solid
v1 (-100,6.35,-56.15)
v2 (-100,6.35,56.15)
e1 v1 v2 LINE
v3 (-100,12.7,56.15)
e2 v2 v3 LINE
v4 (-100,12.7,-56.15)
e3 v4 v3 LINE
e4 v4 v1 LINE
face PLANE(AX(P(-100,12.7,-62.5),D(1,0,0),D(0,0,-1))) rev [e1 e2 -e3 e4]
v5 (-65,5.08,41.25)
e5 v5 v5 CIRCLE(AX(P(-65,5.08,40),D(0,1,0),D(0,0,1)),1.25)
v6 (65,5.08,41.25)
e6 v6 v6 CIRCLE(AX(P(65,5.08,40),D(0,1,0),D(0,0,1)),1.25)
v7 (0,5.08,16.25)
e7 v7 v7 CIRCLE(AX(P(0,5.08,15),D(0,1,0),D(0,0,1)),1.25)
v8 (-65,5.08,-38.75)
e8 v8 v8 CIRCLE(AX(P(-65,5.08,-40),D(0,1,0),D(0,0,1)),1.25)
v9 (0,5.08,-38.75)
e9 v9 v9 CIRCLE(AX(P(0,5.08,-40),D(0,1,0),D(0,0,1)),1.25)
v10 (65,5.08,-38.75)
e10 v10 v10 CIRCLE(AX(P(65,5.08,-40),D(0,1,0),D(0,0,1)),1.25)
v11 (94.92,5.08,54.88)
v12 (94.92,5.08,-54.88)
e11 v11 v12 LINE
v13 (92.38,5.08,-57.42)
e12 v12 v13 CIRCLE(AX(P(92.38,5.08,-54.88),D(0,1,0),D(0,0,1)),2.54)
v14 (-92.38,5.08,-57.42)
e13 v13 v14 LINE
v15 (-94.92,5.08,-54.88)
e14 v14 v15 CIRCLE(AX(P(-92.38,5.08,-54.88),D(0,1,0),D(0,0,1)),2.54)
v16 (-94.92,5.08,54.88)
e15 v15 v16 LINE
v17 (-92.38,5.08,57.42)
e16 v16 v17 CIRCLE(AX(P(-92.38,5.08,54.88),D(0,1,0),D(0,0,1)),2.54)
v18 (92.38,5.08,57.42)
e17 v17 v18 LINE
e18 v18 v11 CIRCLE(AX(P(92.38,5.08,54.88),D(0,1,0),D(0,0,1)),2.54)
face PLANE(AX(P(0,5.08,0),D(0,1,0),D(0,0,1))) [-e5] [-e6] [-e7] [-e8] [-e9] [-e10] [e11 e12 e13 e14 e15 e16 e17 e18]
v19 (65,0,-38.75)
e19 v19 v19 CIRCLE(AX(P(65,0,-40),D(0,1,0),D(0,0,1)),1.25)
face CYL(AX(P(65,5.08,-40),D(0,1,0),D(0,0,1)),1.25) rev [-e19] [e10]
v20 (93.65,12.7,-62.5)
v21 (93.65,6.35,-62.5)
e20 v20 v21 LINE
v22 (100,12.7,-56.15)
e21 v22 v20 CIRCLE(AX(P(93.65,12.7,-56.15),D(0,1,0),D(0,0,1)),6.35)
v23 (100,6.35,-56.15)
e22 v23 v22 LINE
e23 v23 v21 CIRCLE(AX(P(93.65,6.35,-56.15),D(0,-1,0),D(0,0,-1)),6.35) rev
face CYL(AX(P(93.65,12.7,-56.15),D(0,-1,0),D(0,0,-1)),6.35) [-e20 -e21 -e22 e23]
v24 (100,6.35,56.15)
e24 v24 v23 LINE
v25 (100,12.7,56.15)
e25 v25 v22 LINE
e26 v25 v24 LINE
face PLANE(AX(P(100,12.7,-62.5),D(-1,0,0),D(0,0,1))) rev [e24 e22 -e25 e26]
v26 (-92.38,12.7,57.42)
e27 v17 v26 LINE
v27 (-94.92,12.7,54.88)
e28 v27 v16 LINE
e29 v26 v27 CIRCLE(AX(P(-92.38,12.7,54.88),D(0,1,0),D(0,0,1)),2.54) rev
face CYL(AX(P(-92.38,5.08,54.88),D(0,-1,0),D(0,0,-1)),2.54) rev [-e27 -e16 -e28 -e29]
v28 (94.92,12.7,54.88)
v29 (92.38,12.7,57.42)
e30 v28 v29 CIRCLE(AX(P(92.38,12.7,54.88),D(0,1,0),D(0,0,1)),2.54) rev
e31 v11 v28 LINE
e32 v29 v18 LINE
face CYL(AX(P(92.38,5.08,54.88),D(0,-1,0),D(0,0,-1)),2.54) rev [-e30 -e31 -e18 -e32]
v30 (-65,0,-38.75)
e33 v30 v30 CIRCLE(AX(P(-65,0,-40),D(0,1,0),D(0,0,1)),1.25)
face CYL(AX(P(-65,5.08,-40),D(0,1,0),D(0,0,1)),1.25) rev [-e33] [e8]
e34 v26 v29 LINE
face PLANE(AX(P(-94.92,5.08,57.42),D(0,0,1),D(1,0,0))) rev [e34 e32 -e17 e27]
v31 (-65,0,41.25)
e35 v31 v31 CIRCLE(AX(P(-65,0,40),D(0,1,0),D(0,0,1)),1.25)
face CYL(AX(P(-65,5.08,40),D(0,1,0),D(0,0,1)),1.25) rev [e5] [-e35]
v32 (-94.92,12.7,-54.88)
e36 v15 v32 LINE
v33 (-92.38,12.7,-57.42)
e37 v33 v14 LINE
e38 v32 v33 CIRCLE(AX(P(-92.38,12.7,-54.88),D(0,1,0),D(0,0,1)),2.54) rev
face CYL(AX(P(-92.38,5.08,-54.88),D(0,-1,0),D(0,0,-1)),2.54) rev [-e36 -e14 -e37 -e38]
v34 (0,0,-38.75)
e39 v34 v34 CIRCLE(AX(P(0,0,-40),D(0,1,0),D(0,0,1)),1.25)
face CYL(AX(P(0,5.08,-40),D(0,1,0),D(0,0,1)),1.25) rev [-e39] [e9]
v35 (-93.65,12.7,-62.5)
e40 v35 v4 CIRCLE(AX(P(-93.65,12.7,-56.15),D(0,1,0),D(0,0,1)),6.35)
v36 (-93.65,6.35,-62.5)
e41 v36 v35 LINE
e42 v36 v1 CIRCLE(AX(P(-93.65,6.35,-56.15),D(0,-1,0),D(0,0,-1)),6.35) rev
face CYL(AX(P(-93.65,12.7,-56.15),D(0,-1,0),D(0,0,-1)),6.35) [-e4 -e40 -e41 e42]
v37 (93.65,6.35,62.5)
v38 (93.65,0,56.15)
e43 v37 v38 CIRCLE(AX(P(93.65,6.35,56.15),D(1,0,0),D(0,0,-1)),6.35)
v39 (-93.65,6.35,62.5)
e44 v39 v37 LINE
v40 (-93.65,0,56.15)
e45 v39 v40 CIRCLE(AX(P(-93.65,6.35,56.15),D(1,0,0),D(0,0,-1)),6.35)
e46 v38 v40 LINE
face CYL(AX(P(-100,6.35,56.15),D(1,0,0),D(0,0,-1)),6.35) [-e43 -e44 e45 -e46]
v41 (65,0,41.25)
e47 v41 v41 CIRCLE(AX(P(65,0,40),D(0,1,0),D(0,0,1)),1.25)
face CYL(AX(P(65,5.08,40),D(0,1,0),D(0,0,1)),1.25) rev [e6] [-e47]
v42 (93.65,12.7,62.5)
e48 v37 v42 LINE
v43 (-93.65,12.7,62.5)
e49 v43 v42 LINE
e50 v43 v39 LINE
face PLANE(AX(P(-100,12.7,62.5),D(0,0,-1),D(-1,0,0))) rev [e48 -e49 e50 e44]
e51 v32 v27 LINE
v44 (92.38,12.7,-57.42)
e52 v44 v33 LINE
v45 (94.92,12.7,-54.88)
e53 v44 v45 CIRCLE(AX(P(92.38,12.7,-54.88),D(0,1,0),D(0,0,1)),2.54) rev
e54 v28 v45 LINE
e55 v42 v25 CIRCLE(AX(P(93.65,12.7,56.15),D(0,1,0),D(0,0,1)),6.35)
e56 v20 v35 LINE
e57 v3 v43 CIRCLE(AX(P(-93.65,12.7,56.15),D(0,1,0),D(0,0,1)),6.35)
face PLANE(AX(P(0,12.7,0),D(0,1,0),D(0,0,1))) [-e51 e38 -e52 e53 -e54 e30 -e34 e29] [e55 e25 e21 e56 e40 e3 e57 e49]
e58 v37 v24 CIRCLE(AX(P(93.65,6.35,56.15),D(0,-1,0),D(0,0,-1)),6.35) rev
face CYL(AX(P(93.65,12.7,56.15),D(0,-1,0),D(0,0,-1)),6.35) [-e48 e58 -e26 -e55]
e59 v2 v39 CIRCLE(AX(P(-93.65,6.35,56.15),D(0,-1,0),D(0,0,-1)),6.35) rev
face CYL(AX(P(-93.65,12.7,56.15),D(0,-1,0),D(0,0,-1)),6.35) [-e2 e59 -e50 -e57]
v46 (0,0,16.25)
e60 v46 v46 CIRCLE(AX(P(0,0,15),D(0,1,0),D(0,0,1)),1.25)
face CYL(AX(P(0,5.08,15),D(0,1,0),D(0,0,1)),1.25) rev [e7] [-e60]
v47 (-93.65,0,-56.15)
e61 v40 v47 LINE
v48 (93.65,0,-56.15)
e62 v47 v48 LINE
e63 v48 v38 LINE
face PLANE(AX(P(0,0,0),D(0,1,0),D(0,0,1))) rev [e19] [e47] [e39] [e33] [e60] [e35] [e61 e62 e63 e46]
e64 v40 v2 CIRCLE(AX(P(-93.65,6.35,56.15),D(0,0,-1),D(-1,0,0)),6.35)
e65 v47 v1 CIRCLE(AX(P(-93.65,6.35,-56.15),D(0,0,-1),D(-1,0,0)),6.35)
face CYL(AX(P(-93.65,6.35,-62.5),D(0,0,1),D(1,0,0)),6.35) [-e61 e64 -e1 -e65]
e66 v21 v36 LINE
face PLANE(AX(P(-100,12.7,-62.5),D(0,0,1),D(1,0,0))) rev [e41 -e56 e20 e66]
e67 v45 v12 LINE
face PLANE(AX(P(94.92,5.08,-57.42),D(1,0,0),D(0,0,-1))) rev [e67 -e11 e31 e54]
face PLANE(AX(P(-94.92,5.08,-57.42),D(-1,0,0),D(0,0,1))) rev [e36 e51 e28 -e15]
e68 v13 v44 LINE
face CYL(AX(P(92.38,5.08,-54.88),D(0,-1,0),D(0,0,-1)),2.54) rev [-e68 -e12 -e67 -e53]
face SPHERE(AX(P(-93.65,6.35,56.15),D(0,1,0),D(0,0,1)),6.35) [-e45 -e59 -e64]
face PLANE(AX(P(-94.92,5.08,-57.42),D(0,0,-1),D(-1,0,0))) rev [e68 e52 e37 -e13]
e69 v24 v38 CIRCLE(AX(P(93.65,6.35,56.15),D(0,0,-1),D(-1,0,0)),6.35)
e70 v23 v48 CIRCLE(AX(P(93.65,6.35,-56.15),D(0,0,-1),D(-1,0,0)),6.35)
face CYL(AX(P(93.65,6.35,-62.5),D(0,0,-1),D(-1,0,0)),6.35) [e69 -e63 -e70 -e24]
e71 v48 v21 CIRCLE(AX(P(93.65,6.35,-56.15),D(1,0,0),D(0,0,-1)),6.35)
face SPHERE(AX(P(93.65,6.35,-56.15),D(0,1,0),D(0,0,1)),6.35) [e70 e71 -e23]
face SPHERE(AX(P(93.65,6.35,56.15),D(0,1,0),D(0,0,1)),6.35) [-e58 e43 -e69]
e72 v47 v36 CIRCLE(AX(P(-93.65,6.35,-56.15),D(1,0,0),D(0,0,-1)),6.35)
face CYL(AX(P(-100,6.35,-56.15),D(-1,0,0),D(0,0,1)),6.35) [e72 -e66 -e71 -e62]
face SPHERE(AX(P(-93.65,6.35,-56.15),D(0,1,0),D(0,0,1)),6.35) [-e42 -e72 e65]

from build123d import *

# Parameters (mm, degrees)
SKETCH1_W             = 200
SKETCH1_H             = 125
BOSS_EXTRUDE1_DEPTH   = 12.7
SKETCH2_W             = 189.84
SKETCH2_H             = 114.84
CUT_EXTRUDE1_DEPTH    = 7.62
FILLET1_R             = 2.54
FILLET2_R             = 6.35
FILLET3_R             = 6.35
M3X0_5_TAPPED_HOLE1_D = 2.5


with BuildPart() as part:
    # Sketch1 → Boss-Extrude1 (new body)
    with BuildSketch(Plane(origin=(0, 0, 0), x_dir=(1, 0, 0), z_dir=(0, 1, 0))):
        Rectangle(SKETCH1_W, SKETCH1_H)
    extrude(amount=BOSS_EXTRUDE1_DEPTH)

    # Sketch2 → Cut-Extrude1 (cut)
    with BuildSketch(Plane(origin=(0, 12.7, 0), x_dir=(1, 0, 0), z_dir=(0, 1, 0))):
        Rectangle(SKETCH2_W, SKETCH2_H)
    extrude(amount=-CUT_EXTRUDE1_DEPTH, mode=Mode.SUBTRACT)

    # Fillet1
    fillet1_edges = [part.edges().sort_by_distance(p)[0] for p in [
        (94.92, 8.89, -57.42),
        (94.92, 8.89, 57.42),
        (-94.92, 8.89, 57.42),
        (-94.92, 8.89, -57.42),
    ]]
    fillet(fillet1_edges, radius=FILLET1_R)

    # Fillet2
    fillet2_edges = [part.edges().sort_by_distance(p)[0] for p in [
        (-100, 6.35, -62.5),
        (100, 6.35, -62.5),
        (100, 6.35, 62.5),
        (-100, 6.35, 62.5),
    ]]
    fillet(fillet2_edges, radius=FILLET2_R)

    # Fillet3
    fillet3_edges = [part.edges().sort_by_distance(p)[0] for p in [
        (0, 0, 62.5),
        (-100, 0, 0),
        (0, 0, -62.5),
        (100, 0, 0),
        (98.140128061, 0, 60.640128061),
        (98.140128061, 0, -60.640128061),
        (-98.140128061, 0, -60.640128061),
        (-98.140128061, 0, 60.640128061),
    ]]
    fillet(fillet3_edges, radius=FILLET3_R)

    # M3x0.5 Tapped Hole1 (through all)
    with Locations(Plane(origin=(0, 5.08, 0), x_dir=(1, 0, 0), z_dir=(0, 1, 0))):
        with Locations((0, -15), (-65, 40), (65, 40), (65, -40), (-65, -40), (0, 40)):
            Hole(M3X0_5_TAPPED_HOLE1_D / 2)


solid = part.part
